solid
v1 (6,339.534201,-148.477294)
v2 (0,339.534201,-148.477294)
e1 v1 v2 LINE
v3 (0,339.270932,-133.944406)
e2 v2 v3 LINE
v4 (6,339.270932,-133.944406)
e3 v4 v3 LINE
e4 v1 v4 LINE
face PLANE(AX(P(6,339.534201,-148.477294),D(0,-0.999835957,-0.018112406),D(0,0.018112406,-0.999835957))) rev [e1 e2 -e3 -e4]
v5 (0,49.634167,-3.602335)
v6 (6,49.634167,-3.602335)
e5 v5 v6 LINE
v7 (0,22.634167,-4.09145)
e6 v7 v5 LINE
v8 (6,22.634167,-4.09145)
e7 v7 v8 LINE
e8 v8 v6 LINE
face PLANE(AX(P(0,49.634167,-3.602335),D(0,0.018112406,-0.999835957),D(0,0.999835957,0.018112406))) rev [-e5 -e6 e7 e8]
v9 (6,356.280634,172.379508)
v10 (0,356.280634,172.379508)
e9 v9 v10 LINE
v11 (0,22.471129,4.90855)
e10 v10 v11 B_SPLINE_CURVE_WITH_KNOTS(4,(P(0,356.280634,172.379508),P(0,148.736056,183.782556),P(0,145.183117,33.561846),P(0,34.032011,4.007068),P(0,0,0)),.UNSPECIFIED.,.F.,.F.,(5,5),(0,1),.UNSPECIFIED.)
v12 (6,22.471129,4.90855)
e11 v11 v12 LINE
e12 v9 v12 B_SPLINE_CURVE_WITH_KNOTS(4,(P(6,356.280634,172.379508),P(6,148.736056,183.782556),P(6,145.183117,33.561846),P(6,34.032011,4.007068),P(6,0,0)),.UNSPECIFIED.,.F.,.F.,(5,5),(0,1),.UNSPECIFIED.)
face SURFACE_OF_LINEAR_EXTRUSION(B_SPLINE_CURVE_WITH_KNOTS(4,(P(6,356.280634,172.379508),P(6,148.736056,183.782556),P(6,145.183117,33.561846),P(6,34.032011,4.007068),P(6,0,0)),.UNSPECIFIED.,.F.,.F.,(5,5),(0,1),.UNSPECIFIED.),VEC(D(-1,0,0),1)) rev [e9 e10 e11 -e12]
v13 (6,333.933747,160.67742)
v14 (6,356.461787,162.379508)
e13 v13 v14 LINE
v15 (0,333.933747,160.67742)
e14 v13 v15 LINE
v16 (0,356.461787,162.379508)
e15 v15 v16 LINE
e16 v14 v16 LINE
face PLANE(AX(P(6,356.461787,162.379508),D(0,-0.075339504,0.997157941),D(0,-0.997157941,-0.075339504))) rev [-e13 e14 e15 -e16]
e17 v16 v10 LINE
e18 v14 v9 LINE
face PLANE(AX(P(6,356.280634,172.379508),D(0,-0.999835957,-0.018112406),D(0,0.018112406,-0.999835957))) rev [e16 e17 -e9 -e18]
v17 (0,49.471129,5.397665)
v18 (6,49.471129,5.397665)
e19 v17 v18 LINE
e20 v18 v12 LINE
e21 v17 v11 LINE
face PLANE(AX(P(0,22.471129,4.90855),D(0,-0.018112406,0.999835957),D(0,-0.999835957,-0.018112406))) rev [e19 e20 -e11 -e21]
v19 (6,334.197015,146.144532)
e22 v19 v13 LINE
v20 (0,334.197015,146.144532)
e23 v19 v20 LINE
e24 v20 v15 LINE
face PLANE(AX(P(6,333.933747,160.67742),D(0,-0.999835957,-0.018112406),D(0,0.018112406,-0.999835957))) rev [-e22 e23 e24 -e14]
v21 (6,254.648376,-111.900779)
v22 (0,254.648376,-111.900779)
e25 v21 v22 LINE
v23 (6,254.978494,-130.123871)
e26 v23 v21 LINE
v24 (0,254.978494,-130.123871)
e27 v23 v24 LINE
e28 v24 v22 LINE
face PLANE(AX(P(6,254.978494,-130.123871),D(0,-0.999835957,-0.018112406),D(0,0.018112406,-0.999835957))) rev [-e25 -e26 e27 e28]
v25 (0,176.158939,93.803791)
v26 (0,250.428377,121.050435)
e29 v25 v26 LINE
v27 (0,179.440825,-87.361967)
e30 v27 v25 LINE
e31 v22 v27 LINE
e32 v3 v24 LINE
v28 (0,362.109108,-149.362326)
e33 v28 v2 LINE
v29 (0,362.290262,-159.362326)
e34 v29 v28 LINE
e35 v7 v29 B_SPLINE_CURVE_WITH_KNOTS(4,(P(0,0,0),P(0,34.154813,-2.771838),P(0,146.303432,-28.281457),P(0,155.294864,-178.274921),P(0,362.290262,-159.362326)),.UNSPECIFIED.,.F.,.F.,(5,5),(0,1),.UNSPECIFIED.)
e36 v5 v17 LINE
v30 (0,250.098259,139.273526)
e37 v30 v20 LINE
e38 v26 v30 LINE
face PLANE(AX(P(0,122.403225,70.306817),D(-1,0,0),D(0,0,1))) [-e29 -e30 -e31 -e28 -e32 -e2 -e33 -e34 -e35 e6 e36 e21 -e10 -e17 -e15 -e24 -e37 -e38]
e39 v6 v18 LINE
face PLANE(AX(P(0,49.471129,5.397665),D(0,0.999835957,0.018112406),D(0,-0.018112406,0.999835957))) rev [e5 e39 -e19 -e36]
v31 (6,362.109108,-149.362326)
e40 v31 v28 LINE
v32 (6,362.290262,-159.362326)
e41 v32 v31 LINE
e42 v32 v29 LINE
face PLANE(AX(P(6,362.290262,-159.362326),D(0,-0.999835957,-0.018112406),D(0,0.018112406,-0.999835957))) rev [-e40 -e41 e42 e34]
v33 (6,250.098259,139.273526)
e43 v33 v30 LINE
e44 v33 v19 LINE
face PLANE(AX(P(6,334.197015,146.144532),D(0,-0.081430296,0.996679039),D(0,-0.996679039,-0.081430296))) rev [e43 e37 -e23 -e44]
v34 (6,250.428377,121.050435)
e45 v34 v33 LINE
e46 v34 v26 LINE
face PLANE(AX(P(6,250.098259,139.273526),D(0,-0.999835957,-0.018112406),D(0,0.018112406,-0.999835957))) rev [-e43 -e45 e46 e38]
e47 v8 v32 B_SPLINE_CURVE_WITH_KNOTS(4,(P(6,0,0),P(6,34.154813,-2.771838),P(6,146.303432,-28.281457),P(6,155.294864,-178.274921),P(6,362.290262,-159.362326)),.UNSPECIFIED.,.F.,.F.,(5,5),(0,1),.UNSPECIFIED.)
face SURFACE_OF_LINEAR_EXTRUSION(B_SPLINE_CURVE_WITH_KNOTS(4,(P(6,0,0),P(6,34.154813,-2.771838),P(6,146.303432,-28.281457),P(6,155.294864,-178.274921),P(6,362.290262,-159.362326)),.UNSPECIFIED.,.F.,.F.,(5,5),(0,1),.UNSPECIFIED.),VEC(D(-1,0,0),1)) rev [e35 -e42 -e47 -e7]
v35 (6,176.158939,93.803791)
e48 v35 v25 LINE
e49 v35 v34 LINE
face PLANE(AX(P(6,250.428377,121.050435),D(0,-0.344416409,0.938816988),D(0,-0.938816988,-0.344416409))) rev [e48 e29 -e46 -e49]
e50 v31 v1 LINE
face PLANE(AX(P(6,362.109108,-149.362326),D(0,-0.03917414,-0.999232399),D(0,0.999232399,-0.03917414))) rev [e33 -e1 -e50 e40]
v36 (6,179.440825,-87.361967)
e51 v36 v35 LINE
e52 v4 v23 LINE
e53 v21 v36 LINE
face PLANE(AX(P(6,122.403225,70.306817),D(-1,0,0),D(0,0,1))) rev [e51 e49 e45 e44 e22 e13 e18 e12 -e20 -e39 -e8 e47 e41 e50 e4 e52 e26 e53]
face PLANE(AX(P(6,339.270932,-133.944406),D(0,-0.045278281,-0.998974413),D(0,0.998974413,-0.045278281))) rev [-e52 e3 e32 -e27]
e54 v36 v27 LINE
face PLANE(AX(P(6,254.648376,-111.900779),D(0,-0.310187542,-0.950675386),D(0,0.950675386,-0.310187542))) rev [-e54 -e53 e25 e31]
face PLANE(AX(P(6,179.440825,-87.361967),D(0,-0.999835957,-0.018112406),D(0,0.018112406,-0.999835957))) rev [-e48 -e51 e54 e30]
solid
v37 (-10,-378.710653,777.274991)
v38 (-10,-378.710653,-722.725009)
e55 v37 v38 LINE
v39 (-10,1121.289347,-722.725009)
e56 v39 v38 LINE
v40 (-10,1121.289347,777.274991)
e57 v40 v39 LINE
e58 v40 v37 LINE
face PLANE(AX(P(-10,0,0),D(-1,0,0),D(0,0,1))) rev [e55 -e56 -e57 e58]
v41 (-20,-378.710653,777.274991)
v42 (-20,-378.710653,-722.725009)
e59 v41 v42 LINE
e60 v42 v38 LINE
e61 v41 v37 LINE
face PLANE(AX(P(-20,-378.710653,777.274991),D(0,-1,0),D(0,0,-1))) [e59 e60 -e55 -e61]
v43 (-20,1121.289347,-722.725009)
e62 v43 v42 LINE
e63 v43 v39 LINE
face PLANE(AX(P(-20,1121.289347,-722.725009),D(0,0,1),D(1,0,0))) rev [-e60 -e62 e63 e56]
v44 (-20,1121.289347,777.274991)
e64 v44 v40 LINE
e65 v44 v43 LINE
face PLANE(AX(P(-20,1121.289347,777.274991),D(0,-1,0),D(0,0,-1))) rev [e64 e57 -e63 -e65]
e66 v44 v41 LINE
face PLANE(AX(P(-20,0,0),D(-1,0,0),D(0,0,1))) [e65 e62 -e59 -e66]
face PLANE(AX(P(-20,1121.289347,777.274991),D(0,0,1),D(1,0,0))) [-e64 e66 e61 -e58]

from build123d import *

# Parameters (mm, degrees)
BOSS_EXTRU_2_DEPTH      = 10
BOSS_EXTRU_3_DEPTH      = 6
ENL_V_MAT_EXTRU_1_DEPTH = 6


with BuildPart() as part:
    # Esquisse3D1 → Boss.-Extru.2 (new body)
    with BuildSketch(Plane(origin=(-20, 1121.289346724, 777.274991403), x_dir=(0, -0.7071067811865476, -0.7071067811865476), z_dir=(1, 0, 0))):
        Polygon((0, 0), (1060.66017178, 1060.66017178), (2121.32034356, 0), (1060.66017178, -1060.66017178), align=None)
    extrude(amount=BOSS_EXTRU_2_DEPTH)


with BuildPart() as body_2:
    # Esquisse5 → Boss.-Extru.3 (new body)
    with BuildSketch(Plane(origin=(0, 0, 0), x_dir=(0, 0, -1), z_dir=(1, 0, 0))):
        with BuildLine():
            Line((159.362325519, 362.290262174), (149.362325519, 362.109108401))
            Line((149.362325519, 362.109108401), (148.477293588, 339.534200843))
            Line((148.477293588, 339.534200843), (133.944405585, 339.270932094))
            Line((133.944405585, 339.270932094), (130.123870574, 254.978494084))
            Line((130.123870574, 254.978494084), (111.900779302, 254.648375911))
            Line((111.900779302, 254.648375911), (87.36196664, 179.440825449))
            Line((87.36196664, 179.440825449), (-93.803790533, 176.158939412))
            Line((-93.803790533, 176.158939412), (-121.05043522, 250.428376778))
            Line((-121.05043522, 250.428376778), (-139.273526492, 250.098258605))
            Line((-139.273526492, 250.098258605), (-146.144531522, 334.197015333))
            Line((-146.144531522, 334.197015333), (-160.677419525, 333.933746584))
            Line((-160.677419525, 333.933746584), (-162.379508383, 356.461787474))
            Line((-162.379508383, 356.461787474), (-172.379508383, 356.280633701))
            add(Edge.make_bspline(
                [(0, 0), (-4.007067778, 34.032010809), (-33.561845811, 145.183117288), (-183.782555695, 148.736056381), (-172.379508383, 356.280633701)],
                knots=[0, 0, 0, 0, 0, 1, 1, 1, 1, 1], degree=4))
            add(Edge.make_bspline(
                [(0, 0), (2.771837736, 34.15481324), (28.281457005, 146.30343205), (178.274920872, 155.294864157), (159.362325519, 362.290262174)],
                knots=[0, 0, 0, 0, 0, 1, 1, 1, 1, 1], degree=4))
        make_face()
    extrude(amount=BOSS_EXTRU_3_DEPTH)

    # Esquisse6 → Enlèv. mat.-Extru.1 (cut)
    with BuildSketch(Plane(origin=(6, 0, 0), x_dir=(0, 0, -1), z_dir=(1, 0, 0))):
        Polygon((-4.908549732, 22.471129104), (-5.397664918, 49.471129104), (3.602335082, 49.634167499), (4.091450268, 22.634167499), (117.063261114, -47.52702125), (-85.227699586, -65.220017949), align=None)
    extrude(amount=-ENL_V_MAT_EXTRU_1_DEPTH, mode=Mode.SUBTRACT)


solid = Compound([part.part, body_2.part])
